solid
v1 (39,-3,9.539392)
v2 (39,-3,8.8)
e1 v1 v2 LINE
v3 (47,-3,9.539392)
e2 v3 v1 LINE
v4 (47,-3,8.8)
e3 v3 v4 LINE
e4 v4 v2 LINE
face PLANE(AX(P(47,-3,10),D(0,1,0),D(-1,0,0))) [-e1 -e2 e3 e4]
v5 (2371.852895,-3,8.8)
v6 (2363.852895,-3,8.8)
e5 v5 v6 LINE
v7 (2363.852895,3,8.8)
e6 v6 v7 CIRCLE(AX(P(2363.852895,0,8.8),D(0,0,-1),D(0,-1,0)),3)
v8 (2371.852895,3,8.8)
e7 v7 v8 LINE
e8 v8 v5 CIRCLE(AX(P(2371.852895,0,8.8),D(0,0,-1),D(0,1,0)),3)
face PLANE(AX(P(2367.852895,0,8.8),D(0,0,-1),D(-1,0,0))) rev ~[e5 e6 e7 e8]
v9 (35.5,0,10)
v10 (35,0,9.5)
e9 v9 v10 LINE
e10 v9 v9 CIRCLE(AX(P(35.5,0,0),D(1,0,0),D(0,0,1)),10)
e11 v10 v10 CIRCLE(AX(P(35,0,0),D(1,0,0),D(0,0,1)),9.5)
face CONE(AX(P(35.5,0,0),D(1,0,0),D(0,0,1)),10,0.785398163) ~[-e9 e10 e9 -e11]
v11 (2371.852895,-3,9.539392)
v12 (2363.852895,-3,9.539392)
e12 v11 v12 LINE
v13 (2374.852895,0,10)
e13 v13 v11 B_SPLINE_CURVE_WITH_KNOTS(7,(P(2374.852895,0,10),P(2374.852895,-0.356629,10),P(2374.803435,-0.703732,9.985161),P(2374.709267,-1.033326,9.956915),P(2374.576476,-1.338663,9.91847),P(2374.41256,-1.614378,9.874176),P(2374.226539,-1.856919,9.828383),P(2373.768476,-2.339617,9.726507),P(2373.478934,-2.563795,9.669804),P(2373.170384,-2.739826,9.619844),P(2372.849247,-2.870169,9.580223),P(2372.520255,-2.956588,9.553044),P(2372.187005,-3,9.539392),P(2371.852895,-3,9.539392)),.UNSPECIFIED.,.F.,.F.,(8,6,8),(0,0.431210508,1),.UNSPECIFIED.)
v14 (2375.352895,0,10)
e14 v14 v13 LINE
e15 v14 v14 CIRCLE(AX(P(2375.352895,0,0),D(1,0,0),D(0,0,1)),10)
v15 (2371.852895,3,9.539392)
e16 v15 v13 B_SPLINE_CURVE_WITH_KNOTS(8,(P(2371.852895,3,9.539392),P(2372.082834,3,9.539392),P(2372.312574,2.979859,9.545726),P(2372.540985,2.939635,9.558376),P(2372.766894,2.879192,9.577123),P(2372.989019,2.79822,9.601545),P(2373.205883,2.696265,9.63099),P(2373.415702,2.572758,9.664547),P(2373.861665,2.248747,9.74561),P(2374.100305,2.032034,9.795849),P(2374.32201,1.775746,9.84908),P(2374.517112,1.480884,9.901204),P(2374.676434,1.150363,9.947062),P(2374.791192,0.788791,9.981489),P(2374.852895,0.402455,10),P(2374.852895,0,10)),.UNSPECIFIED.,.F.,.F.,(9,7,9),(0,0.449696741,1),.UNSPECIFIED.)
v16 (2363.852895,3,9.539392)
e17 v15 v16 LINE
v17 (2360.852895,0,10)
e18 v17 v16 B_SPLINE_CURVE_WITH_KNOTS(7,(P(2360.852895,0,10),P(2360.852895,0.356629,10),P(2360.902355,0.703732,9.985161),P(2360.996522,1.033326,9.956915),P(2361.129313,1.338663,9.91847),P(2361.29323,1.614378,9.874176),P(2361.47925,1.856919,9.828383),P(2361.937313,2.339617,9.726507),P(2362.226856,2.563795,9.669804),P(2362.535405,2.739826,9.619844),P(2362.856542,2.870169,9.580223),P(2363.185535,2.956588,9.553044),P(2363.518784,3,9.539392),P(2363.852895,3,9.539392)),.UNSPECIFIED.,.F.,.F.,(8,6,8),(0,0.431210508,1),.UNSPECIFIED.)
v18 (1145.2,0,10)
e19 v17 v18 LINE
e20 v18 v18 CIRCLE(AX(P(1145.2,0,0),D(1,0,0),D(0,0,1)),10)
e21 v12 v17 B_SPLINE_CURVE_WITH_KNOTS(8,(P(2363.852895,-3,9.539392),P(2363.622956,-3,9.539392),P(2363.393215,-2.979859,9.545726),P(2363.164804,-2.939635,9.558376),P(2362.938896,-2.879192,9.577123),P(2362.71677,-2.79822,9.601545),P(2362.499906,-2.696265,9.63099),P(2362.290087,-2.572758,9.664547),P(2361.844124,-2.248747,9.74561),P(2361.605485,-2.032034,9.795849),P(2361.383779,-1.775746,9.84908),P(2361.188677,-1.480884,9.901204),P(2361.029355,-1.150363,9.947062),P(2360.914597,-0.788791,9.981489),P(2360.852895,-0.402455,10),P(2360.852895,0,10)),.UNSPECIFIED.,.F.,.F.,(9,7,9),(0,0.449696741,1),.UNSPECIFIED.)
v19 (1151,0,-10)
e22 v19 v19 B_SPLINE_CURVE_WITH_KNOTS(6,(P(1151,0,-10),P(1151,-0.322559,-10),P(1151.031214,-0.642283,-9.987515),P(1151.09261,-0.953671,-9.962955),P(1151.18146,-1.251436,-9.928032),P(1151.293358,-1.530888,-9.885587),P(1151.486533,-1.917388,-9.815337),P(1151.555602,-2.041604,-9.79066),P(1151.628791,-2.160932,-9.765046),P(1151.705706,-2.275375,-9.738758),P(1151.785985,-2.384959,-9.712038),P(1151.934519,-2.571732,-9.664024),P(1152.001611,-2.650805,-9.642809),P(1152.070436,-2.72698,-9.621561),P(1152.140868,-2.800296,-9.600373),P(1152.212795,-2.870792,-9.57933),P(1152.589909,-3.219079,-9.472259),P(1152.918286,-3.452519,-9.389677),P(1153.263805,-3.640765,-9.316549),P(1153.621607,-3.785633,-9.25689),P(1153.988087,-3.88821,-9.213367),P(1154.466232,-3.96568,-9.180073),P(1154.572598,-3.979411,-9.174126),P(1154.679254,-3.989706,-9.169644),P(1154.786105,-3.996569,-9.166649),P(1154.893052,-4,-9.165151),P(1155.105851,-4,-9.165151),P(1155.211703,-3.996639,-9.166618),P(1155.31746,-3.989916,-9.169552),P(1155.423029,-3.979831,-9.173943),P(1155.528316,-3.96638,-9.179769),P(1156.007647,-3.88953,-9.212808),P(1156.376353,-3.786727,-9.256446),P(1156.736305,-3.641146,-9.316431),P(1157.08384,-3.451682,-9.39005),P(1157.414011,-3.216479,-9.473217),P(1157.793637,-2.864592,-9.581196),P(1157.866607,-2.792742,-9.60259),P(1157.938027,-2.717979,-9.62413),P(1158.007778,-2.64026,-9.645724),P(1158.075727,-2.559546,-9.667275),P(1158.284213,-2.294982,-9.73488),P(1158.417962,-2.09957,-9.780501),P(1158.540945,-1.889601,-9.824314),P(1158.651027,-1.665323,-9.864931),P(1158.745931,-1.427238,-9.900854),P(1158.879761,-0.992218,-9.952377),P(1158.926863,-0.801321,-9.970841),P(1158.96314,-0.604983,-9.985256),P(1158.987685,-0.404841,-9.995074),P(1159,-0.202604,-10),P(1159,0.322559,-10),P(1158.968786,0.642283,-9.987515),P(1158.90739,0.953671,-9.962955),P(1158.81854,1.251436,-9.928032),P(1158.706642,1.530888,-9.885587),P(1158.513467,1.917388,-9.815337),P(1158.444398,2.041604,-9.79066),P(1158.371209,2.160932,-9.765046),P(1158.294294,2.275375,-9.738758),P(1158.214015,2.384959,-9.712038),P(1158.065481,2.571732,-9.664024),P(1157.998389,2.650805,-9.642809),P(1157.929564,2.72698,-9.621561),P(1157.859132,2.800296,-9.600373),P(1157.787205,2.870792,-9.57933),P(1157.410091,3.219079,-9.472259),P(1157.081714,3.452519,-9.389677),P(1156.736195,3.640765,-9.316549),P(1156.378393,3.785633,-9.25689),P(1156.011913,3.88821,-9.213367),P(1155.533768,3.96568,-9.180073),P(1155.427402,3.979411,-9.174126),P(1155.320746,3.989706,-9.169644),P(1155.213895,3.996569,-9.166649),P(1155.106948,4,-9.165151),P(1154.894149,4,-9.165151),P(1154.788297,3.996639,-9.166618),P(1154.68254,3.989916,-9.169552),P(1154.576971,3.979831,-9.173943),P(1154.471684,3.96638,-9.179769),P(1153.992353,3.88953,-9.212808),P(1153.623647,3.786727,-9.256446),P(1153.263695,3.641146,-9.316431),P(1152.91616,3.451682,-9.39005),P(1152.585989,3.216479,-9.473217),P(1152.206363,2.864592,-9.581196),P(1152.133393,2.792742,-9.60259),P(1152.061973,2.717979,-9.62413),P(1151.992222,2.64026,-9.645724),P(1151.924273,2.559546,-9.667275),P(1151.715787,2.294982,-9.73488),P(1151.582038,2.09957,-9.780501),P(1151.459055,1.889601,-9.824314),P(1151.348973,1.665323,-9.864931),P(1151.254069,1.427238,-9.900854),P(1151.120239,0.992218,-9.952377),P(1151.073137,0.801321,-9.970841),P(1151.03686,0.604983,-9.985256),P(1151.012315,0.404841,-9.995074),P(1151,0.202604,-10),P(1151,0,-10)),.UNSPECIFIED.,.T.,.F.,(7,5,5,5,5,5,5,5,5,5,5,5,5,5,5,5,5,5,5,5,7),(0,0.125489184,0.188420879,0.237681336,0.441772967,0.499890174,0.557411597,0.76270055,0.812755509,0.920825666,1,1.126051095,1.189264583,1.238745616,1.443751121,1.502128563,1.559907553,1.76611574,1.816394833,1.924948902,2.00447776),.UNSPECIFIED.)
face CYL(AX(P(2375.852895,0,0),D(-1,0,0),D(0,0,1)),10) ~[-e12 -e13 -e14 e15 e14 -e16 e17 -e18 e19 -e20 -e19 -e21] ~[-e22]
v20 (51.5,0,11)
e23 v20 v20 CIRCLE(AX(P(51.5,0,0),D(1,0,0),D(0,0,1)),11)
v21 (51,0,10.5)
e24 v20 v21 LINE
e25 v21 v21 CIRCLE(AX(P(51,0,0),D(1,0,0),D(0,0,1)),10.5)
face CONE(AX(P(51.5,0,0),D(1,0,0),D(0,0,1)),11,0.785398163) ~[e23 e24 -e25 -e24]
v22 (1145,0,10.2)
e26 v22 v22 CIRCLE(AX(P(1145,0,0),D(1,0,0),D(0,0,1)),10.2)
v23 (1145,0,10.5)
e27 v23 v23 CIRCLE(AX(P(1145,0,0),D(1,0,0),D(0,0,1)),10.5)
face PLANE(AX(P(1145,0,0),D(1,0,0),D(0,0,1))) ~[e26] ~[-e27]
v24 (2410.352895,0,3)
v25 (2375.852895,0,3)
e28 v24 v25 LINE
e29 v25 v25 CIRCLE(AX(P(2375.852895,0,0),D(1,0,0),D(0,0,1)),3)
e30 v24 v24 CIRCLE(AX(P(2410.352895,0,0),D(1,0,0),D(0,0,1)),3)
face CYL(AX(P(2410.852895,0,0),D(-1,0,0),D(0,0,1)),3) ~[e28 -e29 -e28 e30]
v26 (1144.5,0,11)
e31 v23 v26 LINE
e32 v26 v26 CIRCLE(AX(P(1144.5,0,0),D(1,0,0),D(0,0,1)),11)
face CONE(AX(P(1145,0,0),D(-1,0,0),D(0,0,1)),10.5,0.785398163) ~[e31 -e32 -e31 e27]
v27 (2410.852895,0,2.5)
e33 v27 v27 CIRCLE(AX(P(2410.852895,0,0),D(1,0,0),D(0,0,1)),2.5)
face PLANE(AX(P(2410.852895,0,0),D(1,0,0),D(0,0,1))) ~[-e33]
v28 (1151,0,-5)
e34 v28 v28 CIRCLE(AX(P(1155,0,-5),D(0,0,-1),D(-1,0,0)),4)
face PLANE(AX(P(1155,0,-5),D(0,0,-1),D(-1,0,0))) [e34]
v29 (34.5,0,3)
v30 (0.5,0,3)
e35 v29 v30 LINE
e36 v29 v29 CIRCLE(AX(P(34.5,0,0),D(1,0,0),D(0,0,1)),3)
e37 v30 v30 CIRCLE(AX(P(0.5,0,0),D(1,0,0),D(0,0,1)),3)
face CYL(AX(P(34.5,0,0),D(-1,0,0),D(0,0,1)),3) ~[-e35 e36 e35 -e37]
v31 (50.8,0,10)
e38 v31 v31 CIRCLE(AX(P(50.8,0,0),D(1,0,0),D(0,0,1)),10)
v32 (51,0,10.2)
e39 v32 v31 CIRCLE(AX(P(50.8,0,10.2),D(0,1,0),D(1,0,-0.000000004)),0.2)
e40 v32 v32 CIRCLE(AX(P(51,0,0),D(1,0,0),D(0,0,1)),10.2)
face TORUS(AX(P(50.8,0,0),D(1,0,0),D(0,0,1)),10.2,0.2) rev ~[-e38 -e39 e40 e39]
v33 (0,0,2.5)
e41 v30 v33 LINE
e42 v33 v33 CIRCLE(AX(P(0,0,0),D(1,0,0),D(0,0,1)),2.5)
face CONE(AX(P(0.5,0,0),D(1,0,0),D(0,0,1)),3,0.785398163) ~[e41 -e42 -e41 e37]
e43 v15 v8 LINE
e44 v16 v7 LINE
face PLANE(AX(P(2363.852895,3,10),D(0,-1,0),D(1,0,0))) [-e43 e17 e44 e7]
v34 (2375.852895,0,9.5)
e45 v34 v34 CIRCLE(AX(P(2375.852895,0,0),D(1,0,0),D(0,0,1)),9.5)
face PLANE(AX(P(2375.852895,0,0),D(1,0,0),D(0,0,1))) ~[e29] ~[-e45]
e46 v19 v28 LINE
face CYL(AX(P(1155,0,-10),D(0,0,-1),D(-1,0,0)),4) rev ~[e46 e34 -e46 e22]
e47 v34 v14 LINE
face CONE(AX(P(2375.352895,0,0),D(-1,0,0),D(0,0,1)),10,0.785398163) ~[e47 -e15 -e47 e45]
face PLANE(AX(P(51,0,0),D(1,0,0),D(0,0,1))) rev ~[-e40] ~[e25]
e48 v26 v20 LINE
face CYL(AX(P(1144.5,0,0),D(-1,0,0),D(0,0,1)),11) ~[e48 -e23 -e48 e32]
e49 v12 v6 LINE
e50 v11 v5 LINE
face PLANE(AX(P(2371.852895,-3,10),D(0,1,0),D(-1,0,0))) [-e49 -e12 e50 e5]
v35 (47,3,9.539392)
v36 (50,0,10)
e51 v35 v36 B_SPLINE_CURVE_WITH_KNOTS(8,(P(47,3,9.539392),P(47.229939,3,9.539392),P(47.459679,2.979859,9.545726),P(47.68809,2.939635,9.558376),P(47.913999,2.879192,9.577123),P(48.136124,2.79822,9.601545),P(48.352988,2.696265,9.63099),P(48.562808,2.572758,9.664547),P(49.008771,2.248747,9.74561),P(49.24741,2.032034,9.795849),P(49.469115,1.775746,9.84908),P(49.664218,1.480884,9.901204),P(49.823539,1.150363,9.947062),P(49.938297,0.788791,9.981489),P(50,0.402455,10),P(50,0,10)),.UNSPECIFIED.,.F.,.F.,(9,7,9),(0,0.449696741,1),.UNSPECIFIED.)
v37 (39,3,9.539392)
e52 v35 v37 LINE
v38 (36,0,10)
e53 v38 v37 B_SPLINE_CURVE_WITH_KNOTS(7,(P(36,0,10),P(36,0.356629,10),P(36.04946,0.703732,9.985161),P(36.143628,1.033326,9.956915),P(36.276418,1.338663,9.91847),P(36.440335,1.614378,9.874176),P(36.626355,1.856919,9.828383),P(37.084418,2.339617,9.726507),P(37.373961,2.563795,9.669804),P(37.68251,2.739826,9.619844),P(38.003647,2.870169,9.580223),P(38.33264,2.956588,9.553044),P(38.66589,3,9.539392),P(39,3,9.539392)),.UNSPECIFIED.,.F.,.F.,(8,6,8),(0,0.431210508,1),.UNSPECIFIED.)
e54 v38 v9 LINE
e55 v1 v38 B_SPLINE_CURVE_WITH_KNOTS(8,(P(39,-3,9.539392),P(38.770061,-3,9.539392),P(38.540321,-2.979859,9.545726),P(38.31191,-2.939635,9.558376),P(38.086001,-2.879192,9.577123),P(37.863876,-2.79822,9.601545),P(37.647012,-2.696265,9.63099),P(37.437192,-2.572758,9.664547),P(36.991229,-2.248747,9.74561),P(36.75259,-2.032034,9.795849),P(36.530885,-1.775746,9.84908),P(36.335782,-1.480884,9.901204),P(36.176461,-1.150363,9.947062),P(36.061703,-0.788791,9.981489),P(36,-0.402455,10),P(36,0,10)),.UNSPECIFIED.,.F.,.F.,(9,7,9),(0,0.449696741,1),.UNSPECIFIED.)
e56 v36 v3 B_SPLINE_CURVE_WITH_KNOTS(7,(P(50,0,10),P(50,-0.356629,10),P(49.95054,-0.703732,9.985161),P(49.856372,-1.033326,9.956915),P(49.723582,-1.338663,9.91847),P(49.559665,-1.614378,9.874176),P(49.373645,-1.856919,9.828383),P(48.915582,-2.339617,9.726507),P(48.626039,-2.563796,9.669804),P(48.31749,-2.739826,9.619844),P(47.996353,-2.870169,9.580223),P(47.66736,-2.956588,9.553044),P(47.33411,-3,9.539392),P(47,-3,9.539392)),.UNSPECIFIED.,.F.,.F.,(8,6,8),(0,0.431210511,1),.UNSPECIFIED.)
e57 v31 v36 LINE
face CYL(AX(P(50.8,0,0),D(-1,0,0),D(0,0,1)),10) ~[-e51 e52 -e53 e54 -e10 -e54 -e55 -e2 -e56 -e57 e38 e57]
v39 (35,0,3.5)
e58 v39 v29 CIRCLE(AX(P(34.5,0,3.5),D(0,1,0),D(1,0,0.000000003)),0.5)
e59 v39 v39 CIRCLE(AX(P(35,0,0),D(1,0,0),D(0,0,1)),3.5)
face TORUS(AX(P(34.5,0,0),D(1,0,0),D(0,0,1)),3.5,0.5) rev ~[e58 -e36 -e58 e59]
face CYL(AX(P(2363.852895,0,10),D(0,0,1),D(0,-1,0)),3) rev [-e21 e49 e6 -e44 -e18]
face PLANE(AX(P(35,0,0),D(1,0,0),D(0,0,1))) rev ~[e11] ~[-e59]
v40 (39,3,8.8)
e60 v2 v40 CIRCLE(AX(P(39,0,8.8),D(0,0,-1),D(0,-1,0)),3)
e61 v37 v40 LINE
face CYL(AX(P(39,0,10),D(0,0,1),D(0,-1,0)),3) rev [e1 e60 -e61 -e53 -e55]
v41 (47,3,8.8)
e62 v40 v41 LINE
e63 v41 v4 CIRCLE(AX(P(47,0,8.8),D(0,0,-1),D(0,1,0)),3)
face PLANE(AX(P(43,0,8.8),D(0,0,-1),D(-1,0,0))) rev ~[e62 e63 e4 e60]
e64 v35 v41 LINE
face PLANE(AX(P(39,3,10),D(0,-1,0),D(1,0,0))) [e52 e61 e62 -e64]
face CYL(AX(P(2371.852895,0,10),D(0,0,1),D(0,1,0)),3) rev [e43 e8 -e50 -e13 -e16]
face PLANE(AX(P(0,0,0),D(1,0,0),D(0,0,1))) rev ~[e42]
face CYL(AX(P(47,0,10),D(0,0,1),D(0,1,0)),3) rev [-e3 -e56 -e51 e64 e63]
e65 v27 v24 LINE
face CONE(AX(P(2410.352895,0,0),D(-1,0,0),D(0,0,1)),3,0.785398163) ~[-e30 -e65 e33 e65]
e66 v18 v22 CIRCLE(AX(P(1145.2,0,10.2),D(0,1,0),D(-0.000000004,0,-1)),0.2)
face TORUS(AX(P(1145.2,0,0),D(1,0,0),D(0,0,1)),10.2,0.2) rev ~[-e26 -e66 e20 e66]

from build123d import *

# Parameters (mm, degrees)
CHAMFER_1_SIZE      = 0.5
CUT_EXTRUDE_1_DEPTH = 1.2
SKETCH_5_R          = 4
CUT_EXTRUDE_2_DEPTH = 5
CUT_EXTRUDE_3_DEPTH = 1.2


with BuildPart() as part:
    # Эскиз1 → Повернуть1 (revolve)
    with BuildSketch(Plane.XY):
        with BuildLine():
            Line((0, 2.5), (0, 0))
            Line((0, 0), (721.167070453, 0))
            Line((721.167070453, 0), (1185.852894625, 0))
            Line((1185.852894625, 0), (2359.852894625, 0))
            Line((2359.852894625, 0), (2410.852894625, 0))
            Line((2410.852894625, 0), (2410.852894625, 3))
            Line((2410.852894625, 3), (2375.852894625, 3))
            Line((2375.852894625, 3), (2375.852894625, 10))
            Line((2375.852894625, 10), (2359.852894625, 10))
            Line((2359.852894625, 10), (1206.852894625, 10))
            Line((1206.852894625, 10), (1185.852894625, 10))
            Line((1185.852894625, 10), (1145.2, 10))
            ThreePointArc((1145.2, 10), (1145.058578644, 10.058578644), (1145, 10.2))
            Line((1145, 10.2), (1145, 10.5))
            Line((1145, 10.5), (1144.5, 11))
            Line((1144.5, 11), (51.5, 11))
            Line((51.5, 11), (51, 10.5))
            Line((51, 10.5), (51, 10.2))
            ThreePointArc((51, 10.2), (50.941421356, 10.058578644), (50.8, 10))
            Line((50.8, 10), (35.5, 10))
            Line((35.5, 10), (35, 9.5))
            Line((35, 9.5), (35, 3.5))
            ThreePointArc((35, 3.5), (34.853553391, 3.146446609), (34.5, 3))
            Line((34.5, 3), (0.5, 3))
            Line((0.5, 3), (0, 2.5))
        make_face()
    revolve(axis=Axis((0, 0, 0), (1, 0, 0)))

    # Фаска1
    chamfer_1_edges = [part.edges().sort_by_distance(p)[0] for p in [
        (2375.852894625, -10, 0),
        (2410.852894625, -3, 0),
    ]]
    chamfer(chamfer_1_edges, length=CHAMFER_1_SIZE)

    # Эскиз3 → Вырез-Вытянуть1 (cut)
    with BuildSketch(Plane.XY.offset(10)):
        with BuildLine():
            Line((39, 3), (47, 3))
            ThreePointArc((47, 3), (50, 0), (47, -3))
            Line((47, -3), (39, -3))
            ThreePointArc((39, -3), (36, 0), (39, 3))
        make_face()
    extrude(amount=-CUT_EXTRUDE_1_DEPTH, mode=Mode.SUBTRACT)

    # Эскиз5 → Вырез-Вытянуть2 (cut)
    with BuildSketch(Plane(origin=(0, 0, -10), x_dir=(-1, 0, 0), z_dir=(0, 0, -1))):
        with Locations((-1155, 0)):
            Circle(SKETCH_5_R)
    extrude(amount=-CUT_EXTRUDE_2_DEPTH, mode=Mode.SUBTRACT)

    # Эскиз6 → Вырез-Вытянуть3 (cut)
    with BuildSketch(Plane.XY.offset(10)):
        with BuildLine():
            Line((2363.852894625, 3), (2371.852894625, 3))
            ThreePointArc((2371.852894625, 3), (2374.852894625, 0), (2371.852894625, -3))
            Line((2371.852894625, -3), (2363.852894625, -3))
            ThreePointArc((2363.852894625, -3), (2360.852894625, 0), (2363.852894625, 3))
        make_face()
    extrude(amount=-CUT_EXTRUDE_3_DEPTH, mode=Mode.SUBTRACT)


solid = part.part
